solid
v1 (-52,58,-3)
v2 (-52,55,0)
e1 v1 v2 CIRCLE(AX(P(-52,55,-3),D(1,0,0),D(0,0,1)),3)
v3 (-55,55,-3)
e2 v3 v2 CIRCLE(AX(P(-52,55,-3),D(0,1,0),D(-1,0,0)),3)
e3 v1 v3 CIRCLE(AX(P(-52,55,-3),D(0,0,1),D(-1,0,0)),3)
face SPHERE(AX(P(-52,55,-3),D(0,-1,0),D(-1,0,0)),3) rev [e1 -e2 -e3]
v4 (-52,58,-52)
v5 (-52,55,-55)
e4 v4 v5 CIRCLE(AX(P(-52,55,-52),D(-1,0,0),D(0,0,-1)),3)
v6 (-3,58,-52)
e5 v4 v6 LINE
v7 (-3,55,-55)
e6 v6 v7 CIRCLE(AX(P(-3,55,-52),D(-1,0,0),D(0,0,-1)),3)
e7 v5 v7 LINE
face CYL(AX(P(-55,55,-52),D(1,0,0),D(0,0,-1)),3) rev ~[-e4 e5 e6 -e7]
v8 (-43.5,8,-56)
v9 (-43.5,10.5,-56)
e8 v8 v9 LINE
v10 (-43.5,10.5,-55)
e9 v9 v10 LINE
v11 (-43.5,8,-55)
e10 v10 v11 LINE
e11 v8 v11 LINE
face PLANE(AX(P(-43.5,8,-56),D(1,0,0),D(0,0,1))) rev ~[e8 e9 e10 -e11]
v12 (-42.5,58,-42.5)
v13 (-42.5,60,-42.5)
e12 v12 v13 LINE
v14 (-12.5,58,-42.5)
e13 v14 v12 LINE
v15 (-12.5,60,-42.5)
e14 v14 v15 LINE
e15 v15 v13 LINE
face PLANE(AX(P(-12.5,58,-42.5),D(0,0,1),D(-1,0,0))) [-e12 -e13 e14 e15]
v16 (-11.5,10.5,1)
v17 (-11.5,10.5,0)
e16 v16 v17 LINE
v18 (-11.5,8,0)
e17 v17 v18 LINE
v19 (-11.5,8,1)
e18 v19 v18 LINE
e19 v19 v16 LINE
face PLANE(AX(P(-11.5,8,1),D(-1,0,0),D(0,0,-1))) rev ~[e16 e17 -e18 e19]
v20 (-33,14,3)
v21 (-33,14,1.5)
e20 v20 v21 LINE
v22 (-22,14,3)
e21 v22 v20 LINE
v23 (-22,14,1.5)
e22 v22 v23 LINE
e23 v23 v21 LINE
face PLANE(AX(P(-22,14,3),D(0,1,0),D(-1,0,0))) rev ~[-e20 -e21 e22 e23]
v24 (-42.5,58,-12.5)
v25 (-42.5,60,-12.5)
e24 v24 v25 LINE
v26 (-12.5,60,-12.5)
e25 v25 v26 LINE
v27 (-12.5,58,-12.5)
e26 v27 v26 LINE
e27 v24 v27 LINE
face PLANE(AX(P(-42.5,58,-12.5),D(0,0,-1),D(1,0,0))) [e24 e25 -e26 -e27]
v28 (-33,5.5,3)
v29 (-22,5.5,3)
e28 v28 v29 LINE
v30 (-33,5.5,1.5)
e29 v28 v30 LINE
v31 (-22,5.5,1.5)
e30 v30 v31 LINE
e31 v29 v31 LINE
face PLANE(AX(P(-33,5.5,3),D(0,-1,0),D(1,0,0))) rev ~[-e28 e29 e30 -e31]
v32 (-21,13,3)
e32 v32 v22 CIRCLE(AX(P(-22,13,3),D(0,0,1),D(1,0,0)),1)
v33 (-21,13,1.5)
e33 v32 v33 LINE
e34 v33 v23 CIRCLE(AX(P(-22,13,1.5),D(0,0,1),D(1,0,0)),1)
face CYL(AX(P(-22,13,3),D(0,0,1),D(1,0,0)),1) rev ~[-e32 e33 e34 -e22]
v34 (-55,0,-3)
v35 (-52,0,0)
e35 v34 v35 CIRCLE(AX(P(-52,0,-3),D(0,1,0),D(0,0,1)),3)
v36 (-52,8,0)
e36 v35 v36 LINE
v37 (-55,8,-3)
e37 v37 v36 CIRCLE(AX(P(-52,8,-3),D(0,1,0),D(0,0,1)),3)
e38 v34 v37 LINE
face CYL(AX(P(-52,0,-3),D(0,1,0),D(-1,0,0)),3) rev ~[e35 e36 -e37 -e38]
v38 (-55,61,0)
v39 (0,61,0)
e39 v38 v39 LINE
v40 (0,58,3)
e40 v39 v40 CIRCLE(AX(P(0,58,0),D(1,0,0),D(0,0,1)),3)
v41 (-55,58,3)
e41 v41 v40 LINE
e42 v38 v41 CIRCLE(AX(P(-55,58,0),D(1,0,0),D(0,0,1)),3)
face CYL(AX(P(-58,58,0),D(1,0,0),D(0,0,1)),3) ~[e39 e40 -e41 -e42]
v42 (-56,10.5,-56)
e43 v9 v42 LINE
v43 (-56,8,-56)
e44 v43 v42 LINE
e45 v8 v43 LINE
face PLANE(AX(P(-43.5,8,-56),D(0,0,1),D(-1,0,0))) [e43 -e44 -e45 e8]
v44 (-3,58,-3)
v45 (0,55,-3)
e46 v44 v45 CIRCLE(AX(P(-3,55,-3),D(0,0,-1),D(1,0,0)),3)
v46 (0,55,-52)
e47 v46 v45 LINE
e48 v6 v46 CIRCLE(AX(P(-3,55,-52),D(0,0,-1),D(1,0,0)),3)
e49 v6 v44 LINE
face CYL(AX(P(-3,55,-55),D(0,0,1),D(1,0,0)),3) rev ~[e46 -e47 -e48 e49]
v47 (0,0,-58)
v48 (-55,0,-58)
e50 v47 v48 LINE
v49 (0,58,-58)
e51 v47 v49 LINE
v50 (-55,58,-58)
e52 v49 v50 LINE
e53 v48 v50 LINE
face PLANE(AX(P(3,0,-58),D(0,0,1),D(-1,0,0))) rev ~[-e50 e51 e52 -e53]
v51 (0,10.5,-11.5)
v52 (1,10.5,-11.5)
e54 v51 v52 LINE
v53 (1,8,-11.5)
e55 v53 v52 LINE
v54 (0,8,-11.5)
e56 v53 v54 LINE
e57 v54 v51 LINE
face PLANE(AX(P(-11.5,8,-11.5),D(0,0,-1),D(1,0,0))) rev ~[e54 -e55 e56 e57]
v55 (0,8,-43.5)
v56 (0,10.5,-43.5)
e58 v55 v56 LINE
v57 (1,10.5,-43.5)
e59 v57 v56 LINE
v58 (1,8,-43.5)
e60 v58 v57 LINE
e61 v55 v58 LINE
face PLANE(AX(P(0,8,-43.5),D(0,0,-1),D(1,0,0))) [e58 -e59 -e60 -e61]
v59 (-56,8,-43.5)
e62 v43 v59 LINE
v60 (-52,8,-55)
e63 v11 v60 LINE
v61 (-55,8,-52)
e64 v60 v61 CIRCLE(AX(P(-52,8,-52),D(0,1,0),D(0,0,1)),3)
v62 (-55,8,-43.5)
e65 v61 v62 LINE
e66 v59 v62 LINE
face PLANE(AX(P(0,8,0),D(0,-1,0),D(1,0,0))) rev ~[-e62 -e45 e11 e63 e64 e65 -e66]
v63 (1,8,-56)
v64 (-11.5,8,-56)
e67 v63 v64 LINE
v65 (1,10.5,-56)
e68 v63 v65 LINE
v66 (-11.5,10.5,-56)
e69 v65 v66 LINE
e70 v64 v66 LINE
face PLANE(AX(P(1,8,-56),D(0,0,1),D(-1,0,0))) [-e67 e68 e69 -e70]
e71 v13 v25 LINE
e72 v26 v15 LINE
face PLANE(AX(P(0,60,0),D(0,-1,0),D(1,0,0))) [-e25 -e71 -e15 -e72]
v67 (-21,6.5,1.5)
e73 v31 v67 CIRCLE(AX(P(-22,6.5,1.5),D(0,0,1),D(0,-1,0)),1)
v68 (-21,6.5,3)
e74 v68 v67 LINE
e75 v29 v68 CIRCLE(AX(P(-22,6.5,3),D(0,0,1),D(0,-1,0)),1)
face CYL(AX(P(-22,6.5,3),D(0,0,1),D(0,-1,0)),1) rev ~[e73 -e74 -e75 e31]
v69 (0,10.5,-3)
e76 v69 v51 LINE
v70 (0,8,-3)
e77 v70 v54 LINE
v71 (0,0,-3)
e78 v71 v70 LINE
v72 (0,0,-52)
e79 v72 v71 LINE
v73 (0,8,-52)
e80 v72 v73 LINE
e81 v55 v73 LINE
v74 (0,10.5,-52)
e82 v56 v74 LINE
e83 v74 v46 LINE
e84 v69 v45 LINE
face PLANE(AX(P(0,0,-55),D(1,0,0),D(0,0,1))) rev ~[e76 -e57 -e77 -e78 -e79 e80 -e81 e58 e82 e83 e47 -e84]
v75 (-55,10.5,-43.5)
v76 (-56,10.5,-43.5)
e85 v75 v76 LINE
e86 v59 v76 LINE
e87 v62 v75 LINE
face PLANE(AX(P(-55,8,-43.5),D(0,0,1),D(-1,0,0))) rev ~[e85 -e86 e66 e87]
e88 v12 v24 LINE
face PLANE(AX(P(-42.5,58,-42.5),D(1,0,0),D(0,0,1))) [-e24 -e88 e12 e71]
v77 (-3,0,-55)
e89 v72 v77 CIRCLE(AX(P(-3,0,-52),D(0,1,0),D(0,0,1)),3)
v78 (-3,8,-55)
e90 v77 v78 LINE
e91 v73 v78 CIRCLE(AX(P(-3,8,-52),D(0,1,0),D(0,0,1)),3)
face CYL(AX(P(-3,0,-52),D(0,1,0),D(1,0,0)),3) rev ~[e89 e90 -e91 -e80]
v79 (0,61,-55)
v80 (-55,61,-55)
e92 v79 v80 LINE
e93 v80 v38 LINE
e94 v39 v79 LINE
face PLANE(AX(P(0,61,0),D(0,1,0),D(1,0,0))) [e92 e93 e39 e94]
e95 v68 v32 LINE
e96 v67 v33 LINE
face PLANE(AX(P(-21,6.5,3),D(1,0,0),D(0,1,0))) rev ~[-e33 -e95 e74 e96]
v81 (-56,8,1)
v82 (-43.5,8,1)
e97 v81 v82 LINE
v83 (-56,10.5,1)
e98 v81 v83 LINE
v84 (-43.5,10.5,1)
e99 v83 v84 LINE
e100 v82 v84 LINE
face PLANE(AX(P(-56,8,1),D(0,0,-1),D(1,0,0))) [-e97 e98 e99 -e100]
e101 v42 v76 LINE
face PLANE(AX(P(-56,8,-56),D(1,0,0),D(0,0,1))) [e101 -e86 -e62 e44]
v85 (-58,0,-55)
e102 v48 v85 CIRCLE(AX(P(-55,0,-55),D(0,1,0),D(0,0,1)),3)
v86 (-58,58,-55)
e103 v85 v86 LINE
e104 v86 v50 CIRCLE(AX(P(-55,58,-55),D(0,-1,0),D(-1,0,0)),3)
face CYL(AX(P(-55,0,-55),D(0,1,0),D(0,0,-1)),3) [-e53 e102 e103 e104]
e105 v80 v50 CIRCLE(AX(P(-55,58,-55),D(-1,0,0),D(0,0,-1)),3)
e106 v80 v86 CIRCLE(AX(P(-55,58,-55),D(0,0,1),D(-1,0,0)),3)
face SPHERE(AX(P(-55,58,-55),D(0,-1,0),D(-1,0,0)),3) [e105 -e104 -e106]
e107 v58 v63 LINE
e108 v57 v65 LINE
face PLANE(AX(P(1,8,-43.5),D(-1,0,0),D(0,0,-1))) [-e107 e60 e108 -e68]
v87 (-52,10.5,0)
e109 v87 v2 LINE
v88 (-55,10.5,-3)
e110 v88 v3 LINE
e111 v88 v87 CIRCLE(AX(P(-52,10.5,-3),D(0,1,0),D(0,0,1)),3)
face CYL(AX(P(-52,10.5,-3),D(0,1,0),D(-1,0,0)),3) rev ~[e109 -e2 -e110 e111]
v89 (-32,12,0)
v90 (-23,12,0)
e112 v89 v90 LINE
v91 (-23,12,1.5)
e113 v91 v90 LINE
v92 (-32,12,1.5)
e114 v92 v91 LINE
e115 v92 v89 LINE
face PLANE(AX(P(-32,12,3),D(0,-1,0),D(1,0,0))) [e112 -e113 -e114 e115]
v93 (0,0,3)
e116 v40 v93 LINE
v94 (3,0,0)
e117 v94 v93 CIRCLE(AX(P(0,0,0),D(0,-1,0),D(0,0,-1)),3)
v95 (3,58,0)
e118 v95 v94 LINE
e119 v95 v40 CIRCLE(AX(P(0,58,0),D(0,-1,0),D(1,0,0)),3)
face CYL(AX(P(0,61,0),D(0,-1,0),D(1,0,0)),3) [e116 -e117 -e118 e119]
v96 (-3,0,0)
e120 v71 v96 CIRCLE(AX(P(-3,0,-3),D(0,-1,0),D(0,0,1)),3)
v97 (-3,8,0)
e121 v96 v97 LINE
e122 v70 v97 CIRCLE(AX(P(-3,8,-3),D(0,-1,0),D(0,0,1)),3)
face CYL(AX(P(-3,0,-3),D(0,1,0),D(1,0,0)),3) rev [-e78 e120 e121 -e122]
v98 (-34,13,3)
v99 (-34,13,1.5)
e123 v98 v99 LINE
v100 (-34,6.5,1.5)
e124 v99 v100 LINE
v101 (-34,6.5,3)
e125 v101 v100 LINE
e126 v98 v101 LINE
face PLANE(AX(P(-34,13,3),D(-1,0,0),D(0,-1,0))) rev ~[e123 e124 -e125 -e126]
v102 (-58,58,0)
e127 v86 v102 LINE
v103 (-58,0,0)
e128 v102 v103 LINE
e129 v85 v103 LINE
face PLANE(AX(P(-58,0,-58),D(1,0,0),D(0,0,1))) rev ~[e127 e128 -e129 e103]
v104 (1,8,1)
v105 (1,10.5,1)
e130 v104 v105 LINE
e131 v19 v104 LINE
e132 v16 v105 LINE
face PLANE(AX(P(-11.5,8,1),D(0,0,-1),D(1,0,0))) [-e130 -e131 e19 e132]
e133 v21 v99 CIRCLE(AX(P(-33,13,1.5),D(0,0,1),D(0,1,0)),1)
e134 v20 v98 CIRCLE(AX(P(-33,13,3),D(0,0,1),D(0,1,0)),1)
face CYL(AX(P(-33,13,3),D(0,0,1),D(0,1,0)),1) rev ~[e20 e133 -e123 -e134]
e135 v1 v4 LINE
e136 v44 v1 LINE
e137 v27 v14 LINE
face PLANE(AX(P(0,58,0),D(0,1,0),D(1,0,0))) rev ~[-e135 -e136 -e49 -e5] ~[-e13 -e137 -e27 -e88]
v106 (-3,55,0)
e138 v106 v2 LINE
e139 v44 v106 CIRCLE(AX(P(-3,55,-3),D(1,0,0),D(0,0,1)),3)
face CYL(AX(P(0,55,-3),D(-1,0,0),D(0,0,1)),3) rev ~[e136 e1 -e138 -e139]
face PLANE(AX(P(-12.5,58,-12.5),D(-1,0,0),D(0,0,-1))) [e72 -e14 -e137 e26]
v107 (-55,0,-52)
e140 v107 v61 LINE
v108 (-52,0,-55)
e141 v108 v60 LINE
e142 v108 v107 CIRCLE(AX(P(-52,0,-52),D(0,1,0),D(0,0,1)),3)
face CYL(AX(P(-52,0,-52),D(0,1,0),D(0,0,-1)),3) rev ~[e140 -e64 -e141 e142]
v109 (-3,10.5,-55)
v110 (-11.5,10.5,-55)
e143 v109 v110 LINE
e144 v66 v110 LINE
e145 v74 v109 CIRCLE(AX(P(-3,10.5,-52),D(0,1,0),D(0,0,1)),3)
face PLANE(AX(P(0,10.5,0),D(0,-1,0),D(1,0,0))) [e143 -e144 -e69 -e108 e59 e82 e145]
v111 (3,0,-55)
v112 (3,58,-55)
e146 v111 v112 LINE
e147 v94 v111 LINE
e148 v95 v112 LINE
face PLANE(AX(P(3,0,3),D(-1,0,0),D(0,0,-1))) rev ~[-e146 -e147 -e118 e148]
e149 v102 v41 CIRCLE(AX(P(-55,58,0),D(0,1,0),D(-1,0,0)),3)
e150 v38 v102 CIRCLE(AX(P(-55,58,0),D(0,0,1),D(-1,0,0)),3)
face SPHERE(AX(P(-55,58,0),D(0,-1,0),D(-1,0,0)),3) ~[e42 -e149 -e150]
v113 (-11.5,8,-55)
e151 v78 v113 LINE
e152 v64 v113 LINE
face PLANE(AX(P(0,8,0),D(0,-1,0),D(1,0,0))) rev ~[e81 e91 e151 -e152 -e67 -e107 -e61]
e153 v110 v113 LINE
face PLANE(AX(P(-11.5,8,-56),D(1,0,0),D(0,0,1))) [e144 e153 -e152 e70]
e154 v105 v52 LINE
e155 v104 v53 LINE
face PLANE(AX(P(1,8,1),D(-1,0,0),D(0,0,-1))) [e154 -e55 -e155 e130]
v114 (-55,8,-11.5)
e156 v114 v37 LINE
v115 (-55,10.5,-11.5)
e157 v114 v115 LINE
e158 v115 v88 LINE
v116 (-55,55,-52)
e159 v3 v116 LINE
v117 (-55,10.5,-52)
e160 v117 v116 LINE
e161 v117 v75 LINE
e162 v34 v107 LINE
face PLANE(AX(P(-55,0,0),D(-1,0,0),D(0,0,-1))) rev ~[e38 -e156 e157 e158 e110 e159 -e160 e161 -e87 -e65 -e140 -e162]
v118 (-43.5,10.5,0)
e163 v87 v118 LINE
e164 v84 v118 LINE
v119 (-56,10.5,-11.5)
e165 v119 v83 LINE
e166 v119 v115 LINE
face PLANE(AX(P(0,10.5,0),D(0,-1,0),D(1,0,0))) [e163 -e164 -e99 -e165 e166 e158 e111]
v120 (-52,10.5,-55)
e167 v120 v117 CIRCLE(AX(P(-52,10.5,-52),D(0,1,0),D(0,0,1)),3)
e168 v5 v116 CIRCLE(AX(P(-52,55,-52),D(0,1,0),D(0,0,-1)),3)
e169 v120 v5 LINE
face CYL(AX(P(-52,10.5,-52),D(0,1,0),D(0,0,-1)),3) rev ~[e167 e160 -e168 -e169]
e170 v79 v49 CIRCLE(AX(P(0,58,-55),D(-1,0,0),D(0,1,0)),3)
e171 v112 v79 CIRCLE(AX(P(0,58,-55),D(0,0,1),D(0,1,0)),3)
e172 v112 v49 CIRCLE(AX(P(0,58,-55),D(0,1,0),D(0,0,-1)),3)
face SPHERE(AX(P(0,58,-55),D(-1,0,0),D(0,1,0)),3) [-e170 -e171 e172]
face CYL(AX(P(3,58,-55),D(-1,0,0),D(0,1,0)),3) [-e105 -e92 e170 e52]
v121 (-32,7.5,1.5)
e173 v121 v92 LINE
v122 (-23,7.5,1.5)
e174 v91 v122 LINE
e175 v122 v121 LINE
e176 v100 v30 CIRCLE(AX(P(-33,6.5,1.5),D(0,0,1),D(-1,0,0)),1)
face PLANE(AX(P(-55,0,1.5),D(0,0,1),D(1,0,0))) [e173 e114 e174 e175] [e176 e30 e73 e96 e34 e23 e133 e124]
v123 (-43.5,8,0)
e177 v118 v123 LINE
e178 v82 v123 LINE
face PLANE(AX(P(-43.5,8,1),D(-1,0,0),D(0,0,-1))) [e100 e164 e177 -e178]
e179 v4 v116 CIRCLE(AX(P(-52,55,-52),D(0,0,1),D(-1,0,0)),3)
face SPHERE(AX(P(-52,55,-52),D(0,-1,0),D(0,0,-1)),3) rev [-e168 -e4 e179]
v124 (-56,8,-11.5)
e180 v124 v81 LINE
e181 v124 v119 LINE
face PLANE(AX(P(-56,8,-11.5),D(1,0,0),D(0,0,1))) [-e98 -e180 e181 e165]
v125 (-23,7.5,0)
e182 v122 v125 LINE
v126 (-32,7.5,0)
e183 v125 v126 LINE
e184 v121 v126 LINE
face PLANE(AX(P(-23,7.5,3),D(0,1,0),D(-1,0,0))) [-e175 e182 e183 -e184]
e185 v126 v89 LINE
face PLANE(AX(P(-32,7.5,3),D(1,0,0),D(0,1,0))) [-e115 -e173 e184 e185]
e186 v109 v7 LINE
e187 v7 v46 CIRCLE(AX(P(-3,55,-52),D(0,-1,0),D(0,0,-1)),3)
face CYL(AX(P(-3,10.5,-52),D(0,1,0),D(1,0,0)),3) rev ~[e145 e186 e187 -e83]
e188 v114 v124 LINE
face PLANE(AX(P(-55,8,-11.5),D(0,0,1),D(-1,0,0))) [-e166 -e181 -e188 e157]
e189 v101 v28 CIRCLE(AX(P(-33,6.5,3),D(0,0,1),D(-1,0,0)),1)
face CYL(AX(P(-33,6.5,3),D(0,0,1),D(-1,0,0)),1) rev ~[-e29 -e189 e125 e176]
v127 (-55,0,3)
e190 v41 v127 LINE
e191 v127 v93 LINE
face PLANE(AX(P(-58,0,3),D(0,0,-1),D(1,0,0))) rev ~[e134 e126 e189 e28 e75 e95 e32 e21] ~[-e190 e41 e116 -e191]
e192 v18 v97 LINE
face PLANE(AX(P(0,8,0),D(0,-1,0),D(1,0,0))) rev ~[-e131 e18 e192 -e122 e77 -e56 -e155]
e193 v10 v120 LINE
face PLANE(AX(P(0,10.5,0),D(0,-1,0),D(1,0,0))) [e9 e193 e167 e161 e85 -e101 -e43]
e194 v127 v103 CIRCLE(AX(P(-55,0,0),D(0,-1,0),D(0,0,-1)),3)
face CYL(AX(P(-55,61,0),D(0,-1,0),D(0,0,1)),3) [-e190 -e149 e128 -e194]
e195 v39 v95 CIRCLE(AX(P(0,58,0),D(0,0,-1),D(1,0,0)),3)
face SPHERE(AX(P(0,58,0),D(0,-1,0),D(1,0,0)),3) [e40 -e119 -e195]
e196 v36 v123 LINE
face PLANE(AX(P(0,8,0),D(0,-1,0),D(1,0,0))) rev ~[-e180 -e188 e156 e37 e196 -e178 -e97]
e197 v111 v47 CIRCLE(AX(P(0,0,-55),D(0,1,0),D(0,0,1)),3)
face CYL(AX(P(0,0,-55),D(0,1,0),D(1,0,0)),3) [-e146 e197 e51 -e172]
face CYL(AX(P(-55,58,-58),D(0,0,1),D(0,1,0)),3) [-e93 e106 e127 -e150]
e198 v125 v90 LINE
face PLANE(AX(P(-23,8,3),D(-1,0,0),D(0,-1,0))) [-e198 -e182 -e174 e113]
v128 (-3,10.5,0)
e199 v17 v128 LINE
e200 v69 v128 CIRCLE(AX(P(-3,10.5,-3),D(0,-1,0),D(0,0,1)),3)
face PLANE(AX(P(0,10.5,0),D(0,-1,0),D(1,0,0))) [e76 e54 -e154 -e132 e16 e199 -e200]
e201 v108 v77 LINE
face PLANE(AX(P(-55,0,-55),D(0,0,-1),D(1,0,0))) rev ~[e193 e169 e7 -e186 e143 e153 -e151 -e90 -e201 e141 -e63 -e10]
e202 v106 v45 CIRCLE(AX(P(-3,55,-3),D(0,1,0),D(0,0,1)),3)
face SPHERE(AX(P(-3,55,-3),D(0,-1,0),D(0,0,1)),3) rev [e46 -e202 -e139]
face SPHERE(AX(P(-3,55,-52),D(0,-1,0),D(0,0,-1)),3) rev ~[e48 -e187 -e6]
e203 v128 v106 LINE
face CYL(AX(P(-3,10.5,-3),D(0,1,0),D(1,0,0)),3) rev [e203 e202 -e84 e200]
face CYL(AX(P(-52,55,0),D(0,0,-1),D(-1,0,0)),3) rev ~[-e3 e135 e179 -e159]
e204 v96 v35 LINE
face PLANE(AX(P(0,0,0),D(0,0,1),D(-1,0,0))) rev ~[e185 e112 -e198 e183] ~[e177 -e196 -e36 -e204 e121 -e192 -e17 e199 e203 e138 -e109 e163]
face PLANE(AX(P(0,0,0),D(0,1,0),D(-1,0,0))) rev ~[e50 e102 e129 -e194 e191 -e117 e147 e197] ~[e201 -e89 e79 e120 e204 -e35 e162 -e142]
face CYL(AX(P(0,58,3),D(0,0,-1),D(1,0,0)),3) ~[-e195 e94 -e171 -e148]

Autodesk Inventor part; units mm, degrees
ref_plane "YZ Plane" through (0, 0, 0) normal (1, 0, 0) x (0, 1, 0)
ref_plane "XZ Plane" through (0, 0, 0) normal (0, 1, 0) x (-1, 0, 0)
ref_plane "XY Plane" through (0, 0, 0) normal (0, 0, 1) x (1, 0, 0)
sketch "Эскиз1" plane through (0, 0, 0) normal (0, 1, 0) x (-1, 0, 0)
  line L0 (0, 0) -> (55, 0)
  line L1 (55, 0) -> (55, -55)
  line L2 (55, -55) -> (0, -55)
  line L3 (0, -55) -> (0, 0)
  line L4 (-3, -58) -> (58, -58)
  line L5 (58, -58) -> (58, 3)
  line L6 (58, 3) -> (-3, 3)
  line L7 (-3, 3) -> (-3, -58)
  dimension "d0" = 55
  dimension "d1" = 55
  dimension "d2" = 3
extrude "Выдавливание1" add sketch "Эскиз1" along normal blind 58
sketch "Эскиз2" plane through (0, 58, 0) normal (0, 1, 0) x (1, 0, 0)
  line L0 (-58, -3) -> (3, -3) projected
  line L1 (3, 58) -> (-58, 58) projected
  line L2 (-58, -3) -> (3, -3)
  line L3 (3, -3) -> (3, 58)
  line L4 (3, 58) -> (-58, 58)
  line L5 (-58, 58) -> (-58, -3)
  point P0 (0, 0)
  point P1 (3, -3)
extrude "Выдавливание2" add sketch "Эскиз2" along normal blind 3
sketch "Эскиз3" plane through (0, 58, 0) normal (0, -1, 0) x (1, 0, 0)
  line L0 (3, -58) -> (-58, -58) projected
  line L1 (-58, 3) -> (3, 3) projected
  line L2 (-58, -58) -> (-58, 3) projected
  line L3 (3, 3) -> (3, -58) projected
  line L4 (-42.5, -12.5) -> (-12.5, -12.5)
  line L5 (-12.5, -12.5) -> (-12.5, -42.5)
  line L6 (-12.5, -42.5) -> (-42.5, -42.5)
  line L7 (-42.5, -42.5) -> (-42.5, -12.5)
  line L8 (-42.5, -27.5) -> (-12.5, -27.5) construction
  line L9 (-27.5, -42.5) -> (-27.5, -27.5) construction
  line L10 (-55, 0) -> (-55, -55) projected
  line L11 (-55, -27.5) -> (0, -27.5) construction
  line L12 (0, -55) -> (0, 0) projected
  line L13 (-55, -55) -> (0, -55) projected
  line L14 (-27.5, -55) -> (-27.5, -27.5) construction
  dimension "d7" = 30
  dimension "d8" = 30
extrude "Выдавливание3" cut sketch "Эскиз3" against normal blind 2 contours L4 L5 L6 L7
ref_plane "РабПлоскость1" through (0, 8, 0) normal (0, -1, 0) x (1, 0, 0)
sketch "Эскиз4" plane through (0, 8, 0) normal (0, -1, 0) x (1, 0, 0)
  line L0 (0, -55) -> (0, 0)
  line L1 (-55, -27.5) -> (0, -27.5)
  line L2 (-27.5, -55) -> (-27.5, 0)
  line L3 (-55, 0) -> (-55, -55) projected
  line L4 (3, -58) -> (-58, -58) projected
  line L5 (3, 3) -> (3, -58) projected
  line L6 (-58, -58) -> (3, -58)
  line L7 (3, -58) -> (3, 3)
  line L8 (3, 3) -> (-58, 3)
  line L9 (-58, 3) -> (-58, -58)
  line L10 (-56, 1) -> (1, 1)
  line L11 (1, 1) -> (1, -56)
  line L12 (1, -56) -> (-56, -56)
  line L13 (-56, -56) -> (-56, 1)
  line L14 (-56, -56) -> (-43.5, -56)
  line L15 (-43.5, -56) -> (-43.5, -43.5)
  line L16 (-43.5, -43.5) -> (-56, -43.5)
  line L17 (-56, -43.5) -> (-56, -56)
  line L18 (-56, 1) -> (-43.5, 1)
  line L19 (-43.5, 1) -> (-43.5, -11.5)
  line L20 (-43.5, -11.5) -> (-56, -11.5)
  line L21 (-56, -11.5) -> (-56, 1)
  line L22 (1, -56) -> (-11.5, -56)
  line L23 (-11.5, -56) -> (-11.5, -43.5)
  line L24 (-11.5, -43.5) -> (1, -43.5)
  line L25 (1, -43.5) -> (1, -56)
  line L26 (-11.5, 1) -> (-11.5, -11.5)
  line L27 (1, 1) -> (-11.5, 1)
  line L28 (-11.5, -11.5) -> (1, -11.5)
  line L29 (1, -11.5) -> (1, 1)
  point P0 (-11.5, 1)
  point P1 (1, -11.5)
  point P2 (1, -43.5)
  point P3 (-11.5, -56)
  point P4 (-56, -11.5)
  point P5 (-43.5, 1)
  point P6 (-56, -43.5)
  point P7 (-43.5, -56)
  dimension "d14" = 2
  dimension "d15" = 12.5
  dimension "d16" = 12.5
extrude "Выдавливание4" cut sketch "Эскиз4" against normal blind 2.5 contours L24 L11 L12 L23 | L28 L26 L10 L11 | L12 L13 L16 L15 | L20 L13 L10 L19
fillet "Сопряжение1" radius 3 16 edges at (-55, 34.25, 0) (0, 34.25, 0) (0, 34.25, -55) (-55, 34.25, -55) (3, 30.5, 3) (-58, 30.5, 3) (-58, 30.5, -58) (-58, 61, -27.5) (-27.5, 61, -58) (3, 61, -27.5) (3, 30.5, -58) (-27.5, 61, 3) (-27.5, 58, -55) (-55, 58, -27.5) (-27.5, 58, 0) (0, 58, -27.5)
fillet "Сопряжение2" radius 3 4 edges at (0, 4, -55) (-55, 4, -55) (-55, 4, 0) (0, 4, 0)
sketch "Эскиз5" plane through (-55, 0, 3) normal (0, 0, 1) x (1, 0, 0)
  line L0 (55, 8) -> (55, 10.5) projected
  line L1 (0, 8) -> (0, 10.5) projected
  line L2 (55, 8) -> (0, 8)
  line L3 (27.5, 8) -> (27.5, 13.4815) construction
  line L4 (27.5, 8) -> (27.5, 7.5) construction
  line L5 (23, 12) -> (32, 12)
  line L6 (32, 12) -> (32, 7.5)
  line L7 (32, 7.5) -> (23, 7.5)
  line L8 (23, 7.5) -> (23, 12)
  point P0 (55, 0)
  point P1 (27.5, 12)
  dimension "d27" = 0.5
  dimension "d28" = 9
  dimension "d29" = 4.5
extrude "Выдавливание5" cut sketch "Эскиз5" against normal blind 3
sketch "Эскиз8" plane through (-55, 0, 3) normal (0, 0, 1) x (1, 0, 0)
  line L0 (32, 12) -> (32, 7.5) projected
  line L1 (23, 12) -> (32, 12) projected
  line L2 (32, 7.5) -> (23, 7.5)
  line L3 (23, 7.5) -> (23, 12)
  line L4 (23, 12) -> (32, 12)
  line L5 (32, 12) -> (32, 7.5)
  line L6 (22, 5.5) -> (33, 5.5)
  line L7 (34, 6.5) -> (34, 13)
  line L8 (33, 14) -> (22, 14)
  line L9 (21, 13) -> (21, 6.5)
  arc A0 (33, 5.5) -> (34, 6.5) centre (33, 6.5) ccw
  arc A1 (34, 13) -> (33, 14) centre (33, 13) ccw
  arc A2 (22, 14) -> (21, 13) centre (22, 13) ccw
  arc A3 (21, 6.5) -> (22, 5.5) centre (22, 6.5) ccw
  point P0 (55, 0)
  dimension "d40" = 2
  dimension "d41" = 1
extrude "Выдавливание6" cut sketch "Эскиз8" against normal blind 1.5
sketch "Эскиз9" plane through (0, 0, -58) normal (0, 0, -1) x (-1, 0, 0)
  line L0 (3.8898, 30.331) -> (51.1102, 30.331) construction
  line L1 (51.1102, 30.331) -> (51.1102, 16.9712) construction
  line L2 (51.1102, 16.9712) -> (3.8898, 16.9712) construction
  line L3 (3.8898, 16.9712) -> (3.8898, 30.331) construction
  line L4 (12.5, 58) -> (42.5, 58) projected
  line L5 (27.5, 58) -> (27.5, 0) construction
  line L6 (0, 0) -> (55, 0) projected
  point P0 (27.5, 30.331)
equation "\"d8\" = d7"
equation "\"d16\" = d15"
properties part number "box"
